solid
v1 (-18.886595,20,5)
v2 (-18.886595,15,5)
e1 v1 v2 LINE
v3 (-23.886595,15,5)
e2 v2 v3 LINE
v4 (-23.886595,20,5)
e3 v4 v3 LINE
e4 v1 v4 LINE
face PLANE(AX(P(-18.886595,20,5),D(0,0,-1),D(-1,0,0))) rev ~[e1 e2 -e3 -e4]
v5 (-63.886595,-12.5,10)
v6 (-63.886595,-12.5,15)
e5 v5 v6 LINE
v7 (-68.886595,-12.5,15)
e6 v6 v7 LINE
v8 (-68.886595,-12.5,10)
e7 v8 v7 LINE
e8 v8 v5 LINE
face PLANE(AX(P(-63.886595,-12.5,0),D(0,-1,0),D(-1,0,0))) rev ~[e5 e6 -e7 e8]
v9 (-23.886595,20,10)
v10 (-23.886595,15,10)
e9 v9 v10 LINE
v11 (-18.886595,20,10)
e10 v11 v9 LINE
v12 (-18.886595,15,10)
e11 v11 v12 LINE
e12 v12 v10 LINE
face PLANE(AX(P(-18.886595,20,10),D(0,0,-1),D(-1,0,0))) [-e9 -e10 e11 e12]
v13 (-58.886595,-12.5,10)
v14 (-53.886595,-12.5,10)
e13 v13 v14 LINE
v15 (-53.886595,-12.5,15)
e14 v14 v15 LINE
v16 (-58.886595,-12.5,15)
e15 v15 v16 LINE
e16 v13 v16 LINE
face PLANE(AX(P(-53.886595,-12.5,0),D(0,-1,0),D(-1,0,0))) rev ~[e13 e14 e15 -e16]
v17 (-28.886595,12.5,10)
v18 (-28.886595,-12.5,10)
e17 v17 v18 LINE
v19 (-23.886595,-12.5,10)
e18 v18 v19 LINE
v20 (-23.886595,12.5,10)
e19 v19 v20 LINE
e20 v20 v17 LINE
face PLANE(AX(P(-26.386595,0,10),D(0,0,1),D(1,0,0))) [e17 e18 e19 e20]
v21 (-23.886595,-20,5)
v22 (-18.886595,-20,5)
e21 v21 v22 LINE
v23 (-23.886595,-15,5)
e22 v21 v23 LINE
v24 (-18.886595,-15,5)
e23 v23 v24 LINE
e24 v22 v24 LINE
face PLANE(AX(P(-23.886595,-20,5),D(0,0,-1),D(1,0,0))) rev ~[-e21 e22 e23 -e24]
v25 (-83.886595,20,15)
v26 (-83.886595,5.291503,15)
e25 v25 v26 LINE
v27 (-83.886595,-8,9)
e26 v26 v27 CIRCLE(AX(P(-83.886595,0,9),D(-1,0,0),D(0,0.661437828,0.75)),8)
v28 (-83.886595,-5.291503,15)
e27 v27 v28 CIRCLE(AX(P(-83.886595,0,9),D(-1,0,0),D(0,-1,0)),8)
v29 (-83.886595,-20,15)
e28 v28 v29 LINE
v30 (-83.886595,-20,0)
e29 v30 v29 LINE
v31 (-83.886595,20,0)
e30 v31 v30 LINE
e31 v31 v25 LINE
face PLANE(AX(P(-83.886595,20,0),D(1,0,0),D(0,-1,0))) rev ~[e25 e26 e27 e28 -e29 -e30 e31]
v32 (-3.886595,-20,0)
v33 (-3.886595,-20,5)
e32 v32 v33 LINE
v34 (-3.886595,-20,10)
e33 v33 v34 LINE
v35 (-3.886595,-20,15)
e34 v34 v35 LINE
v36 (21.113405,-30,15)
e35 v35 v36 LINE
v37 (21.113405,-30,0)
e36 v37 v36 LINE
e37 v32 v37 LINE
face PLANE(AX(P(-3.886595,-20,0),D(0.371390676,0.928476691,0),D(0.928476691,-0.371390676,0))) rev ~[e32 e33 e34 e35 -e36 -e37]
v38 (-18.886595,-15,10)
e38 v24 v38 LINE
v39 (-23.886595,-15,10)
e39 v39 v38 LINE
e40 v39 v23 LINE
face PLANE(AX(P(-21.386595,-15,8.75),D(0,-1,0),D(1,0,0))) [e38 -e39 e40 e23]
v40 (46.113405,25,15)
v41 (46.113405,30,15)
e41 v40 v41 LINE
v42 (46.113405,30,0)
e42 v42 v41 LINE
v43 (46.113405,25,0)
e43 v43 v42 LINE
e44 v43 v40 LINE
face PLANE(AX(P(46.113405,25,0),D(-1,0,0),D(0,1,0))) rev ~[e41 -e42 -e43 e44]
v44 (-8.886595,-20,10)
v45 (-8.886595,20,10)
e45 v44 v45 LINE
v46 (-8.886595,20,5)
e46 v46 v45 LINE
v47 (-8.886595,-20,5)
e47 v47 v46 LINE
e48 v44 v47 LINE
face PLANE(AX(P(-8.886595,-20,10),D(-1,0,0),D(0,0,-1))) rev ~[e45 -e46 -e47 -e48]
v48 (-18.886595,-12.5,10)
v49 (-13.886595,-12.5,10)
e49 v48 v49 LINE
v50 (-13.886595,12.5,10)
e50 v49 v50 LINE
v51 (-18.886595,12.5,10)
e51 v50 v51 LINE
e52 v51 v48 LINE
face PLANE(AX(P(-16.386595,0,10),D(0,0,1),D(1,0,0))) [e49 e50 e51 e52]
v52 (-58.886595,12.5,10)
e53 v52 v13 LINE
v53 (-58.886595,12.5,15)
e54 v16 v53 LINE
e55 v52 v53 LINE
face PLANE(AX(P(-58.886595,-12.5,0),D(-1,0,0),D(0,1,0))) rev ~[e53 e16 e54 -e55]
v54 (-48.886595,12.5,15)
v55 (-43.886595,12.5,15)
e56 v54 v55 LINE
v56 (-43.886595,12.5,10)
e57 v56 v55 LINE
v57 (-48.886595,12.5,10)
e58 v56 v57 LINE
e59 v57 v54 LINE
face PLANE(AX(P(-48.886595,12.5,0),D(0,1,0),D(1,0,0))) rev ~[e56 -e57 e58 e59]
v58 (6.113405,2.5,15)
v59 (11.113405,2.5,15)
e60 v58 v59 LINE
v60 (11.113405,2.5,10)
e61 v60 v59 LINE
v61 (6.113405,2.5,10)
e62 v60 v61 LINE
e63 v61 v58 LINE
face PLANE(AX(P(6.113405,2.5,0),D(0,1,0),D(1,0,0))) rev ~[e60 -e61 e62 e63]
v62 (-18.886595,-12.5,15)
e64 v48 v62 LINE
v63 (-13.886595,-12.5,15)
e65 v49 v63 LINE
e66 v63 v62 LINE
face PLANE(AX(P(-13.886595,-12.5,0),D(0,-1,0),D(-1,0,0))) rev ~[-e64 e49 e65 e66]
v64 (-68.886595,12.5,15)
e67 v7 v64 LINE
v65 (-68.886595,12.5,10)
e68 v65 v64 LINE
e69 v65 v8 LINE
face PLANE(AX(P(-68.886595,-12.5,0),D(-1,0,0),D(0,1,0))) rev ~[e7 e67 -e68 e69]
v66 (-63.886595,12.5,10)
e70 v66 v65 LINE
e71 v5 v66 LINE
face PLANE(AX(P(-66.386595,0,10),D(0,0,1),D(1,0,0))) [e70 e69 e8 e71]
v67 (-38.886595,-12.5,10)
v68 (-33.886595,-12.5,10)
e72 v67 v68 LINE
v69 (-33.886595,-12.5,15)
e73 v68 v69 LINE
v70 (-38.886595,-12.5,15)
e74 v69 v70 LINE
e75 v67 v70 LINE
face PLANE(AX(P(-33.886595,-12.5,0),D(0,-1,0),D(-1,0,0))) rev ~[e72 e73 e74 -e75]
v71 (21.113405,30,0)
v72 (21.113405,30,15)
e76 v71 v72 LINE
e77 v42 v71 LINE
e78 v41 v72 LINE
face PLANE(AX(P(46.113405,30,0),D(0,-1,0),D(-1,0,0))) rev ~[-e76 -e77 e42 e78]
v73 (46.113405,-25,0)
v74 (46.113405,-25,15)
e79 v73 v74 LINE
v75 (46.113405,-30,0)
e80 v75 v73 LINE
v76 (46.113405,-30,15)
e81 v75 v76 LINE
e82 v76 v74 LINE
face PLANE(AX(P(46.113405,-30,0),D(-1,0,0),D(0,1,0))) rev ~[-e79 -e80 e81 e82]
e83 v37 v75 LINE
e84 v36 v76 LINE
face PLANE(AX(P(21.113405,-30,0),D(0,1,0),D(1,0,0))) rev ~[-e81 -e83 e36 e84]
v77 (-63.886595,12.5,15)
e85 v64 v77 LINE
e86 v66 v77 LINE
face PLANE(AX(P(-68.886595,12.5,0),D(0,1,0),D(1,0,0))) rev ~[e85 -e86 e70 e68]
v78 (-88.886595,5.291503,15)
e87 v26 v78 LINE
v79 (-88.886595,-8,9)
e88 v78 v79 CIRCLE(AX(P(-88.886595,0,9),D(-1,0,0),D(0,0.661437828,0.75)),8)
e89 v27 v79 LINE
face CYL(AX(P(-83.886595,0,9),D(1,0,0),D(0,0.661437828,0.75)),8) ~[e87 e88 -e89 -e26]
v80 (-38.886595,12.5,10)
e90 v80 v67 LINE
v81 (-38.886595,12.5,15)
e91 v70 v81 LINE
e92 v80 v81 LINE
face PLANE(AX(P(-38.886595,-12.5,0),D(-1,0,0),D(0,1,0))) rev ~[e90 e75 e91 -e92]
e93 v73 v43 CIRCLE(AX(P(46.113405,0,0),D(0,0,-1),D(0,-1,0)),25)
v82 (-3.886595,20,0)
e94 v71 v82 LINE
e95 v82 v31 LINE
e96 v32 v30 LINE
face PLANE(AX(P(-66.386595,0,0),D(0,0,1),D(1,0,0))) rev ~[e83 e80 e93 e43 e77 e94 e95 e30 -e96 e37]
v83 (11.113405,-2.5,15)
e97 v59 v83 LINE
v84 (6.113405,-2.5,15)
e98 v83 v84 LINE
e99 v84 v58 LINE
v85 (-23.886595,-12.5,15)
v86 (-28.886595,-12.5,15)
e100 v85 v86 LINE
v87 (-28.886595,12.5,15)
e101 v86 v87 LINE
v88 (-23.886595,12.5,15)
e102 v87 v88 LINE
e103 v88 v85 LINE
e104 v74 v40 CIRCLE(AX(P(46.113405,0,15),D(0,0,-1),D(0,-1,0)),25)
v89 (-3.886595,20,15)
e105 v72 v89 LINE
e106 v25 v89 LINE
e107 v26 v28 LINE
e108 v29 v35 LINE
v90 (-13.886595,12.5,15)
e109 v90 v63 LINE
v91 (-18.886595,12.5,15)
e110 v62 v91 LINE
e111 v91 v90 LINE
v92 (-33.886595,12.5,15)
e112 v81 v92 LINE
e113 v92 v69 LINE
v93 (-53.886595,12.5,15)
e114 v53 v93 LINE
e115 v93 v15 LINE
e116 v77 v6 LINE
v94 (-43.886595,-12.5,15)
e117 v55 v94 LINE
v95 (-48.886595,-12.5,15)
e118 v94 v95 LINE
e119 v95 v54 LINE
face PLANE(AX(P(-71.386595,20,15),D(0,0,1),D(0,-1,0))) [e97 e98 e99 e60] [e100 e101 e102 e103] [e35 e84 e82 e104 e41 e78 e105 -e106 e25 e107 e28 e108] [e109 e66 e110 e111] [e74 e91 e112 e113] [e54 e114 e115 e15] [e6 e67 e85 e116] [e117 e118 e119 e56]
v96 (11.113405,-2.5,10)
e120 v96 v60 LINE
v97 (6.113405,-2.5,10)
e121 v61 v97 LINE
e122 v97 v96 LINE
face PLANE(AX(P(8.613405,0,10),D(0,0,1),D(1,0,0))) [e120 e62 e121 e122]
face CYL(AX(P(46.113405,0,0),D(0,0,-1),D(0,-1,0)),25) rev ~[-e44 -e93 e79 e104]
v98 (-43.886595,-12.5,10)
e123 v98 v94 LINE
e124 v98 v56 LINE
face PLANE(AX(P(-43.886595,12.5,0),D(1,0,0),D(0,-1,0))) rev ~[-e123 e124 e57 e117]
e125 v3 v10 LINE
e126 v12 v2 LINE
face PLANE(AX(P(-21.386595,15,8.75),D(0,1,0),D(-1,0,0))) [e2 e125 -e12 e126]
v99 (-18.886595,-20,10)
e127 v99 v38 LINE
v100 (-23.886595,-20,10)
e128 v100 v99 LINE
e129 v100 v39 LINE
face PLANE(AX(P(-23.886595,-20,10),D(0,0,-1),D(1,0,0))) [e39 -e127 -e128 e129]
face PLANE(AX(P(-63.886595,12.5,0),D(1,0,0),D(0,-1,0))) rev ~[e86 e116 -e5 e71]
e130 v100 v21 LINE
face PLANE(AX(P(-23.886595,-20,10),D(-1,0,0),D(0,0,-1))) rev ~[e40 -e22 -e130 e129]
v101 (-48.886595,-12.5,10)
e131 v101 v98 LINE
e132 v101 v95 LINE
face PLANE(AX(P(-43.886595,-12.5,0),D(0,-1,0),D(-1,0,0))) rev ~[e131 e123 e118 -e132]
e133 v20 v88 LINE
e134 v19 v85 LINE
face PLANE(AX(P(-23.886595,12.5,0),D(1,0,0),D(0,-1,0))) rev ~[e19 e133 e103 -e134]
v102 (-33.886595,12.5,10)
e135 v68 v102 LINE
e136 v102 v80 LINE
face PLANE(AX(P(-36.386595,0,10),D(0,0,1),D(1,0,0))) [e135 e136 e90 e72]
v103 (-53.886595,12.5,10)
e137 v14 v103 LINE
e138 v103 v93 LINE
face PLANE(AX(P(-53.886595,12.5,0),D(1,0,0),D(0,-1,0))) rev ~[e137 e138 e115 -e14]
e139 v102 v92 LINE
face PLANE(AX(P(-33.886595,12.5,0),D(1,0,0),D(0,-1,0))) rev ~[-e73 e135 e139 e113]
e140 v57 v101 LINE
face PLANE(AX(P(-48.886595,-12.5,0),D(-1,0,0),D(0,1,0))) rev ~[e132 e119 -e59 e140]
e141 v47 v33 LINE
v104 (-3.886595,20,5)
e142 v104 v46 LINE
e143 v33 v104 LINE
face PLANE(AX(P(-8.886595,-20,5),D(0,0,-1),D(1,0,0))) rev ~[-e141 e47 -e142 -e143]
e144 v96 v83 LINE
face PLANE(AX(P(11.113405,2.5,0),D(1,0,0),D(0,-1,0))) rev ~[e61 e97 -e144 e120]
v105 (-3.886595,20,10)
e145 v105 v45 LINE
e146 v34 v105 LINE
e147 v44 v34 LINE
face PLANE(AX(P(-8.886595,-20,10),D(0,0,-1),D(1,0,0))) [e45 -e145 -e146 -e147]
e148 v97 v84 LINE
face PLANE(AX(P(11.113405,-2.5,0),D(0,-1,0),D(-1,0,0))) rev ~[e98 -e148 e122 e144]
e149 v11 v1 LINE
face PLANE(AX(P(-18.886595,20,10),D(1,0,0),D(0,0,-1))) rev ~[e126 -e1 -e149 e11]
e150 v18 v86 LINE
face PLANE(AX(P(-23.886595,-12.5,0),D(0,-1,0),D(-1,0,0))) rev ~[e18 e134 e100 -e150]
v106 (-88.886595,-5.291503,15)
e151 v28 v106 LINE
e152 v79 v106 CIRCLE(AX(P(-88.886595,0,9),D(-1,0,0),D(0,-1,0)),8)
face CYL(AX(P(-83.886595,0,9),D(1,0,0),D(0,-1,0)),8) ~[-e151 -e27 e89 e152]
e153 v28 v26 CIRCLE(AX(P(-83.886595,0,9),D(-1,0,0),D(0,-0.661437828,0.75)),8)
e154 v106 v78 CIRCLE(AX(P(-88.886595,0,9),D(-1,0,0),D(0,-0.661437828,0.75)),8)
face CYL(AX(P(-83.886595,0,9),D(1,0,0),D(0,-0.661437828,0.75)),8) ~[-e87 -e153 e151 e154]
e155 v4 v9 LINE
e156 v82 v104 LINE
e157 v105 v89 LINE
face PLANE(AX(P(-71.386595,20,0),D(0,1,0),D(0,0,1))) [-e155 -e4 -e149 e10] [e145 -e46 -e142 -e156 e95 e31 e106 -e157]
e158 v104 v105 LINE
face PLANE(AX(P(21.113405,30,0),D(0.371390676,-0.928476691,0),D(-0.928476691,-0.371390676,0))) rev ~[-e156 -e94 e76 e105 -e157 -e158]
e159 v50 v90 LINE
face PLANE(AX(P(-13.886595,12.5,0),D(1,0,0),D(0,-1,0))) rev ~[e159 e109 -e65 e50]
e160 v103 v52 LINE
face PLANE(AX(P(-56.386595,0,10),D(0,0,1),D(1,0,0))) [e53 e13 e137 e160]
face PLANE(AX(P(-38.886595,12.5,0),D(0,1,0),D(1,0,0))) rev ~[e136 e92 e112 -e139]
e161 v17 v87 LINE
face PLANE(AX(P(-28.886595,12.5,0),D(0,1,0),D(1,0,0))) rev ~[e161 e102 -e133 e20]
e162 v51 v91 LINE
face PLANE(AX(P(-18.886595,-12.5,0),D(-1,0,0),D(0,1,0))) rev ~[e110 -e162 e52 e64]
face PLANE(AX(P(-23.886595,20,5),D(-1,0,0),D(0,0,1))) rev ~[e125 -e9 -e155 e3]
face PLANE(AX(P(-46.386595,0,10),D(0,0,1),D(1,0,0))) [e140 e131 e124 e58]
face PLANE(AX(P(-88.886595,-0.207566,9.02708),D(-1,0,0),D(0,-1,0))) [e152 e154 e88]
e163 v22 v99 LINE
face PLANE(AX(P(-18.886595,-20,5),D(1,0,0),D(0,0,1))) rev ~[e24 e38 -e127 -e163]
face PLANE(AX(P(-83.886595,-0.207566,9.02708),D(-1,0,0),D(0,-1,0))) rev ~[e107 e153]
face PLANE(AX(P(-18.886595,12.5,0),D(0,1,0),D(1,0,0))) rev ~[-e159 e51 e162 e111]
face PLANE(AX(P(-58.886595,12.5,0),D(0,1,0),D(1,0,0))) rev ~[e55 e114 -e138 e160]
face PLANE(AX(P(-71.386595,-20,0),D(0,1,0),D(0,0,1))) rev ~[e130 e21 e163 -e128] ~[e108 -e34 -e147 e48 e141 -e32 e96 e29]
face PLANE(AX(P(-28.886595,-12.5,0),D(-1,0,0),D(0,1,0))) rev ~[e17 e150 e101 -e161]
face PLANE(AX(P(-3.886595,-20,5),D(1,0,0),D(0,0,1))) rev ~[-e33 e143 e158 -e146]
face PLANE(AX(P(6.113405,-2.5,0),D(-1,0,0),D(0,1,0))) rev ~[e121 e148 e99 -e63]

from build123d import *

# Parameters (mm, degrees)
F1_DEPTH  = 15
F2_DEPTH  = 12.5
F4_DEPTH  = 5
F5_W      = 5
F5_H      = 2.5
F6_DEPTH  = 50
F7_W      = 5
F7_H      = 2.5
F8_DEPTH  = 5
F9_W      = 5
F9_H      = 2.5
F10_DEPTH = 5
F11_DEPTH = 10


with BuildPart() as f1:
    # F0 (on Top) → F1 (new body)
    with BuildSketch(Plane.XY):
        with BuildLine():
            ThreePointArc((46.1134053767, -25), (21.1134053767, 0), (46.1134053767, 25))
            Line((46.1134053767, 25), (46.1134053767, 30))
            Line((46.1134053767, 30), (21.1134053767, 30))
            Line((21.1134053767, 30), (-3.8865946233, 20))
            Line((-3.8865946233, 20), (-71.3865946233, 20))
            Line((-71.3865946233, 20), (-71.3865946233, -20))
            Line((-71.3865946233, -20), (-3.8865946233, -20))
            Line((-3.8865946233, -20), (21.1134053767, -30))
            Line((21.1134053767, -30), (46.1134053767, -30))
            Line((46.1134053767, -30), (46.1134053767, -25))
        make_face()
        Polygon((-63.8865946233, 12.5), (-63.8865946233, 0), (-63.8865946233, -12.5), (-68.8865946233, -12.5), (-68.8865946233, 12.5), align=None, mode=Mode.SUBTRACT)
        Polygon((-53.8865946233, 12.5), (-53.8865946233, 0), (-53.8865946233, -12.5), (-58.8865946233, -12.5), (-58.8865946233, 12.5), align=None, mode=Mode.SUBTRACT)
        Polygon((-43.8865946233, 12.5), (-43.8865946233, 0), (-43.8865946233, -12.5), (-48.8865946233, -12.5), (-48.8865946233, 12.5), align=None, mode=Mode.SUBTRACT)
        Polygon((-33.8865946233, 12.5), (-33.8865946233, 0), (-33.8865946233, -12.5), (-38.8865946233, -12.5), (-38.8865946233, 12.5), align=None, mode=Mode.SUBTRACT)
        Polygon((-23.8865946233, 12.5), (-23.8865946233, 0), (-23.8865946233, -12.5), (-28.8865946233, -12.5), (-28.8865946233, 12.5), align=None, mode=Mode.SUBTRACT)
        Polygon((-13.8865946233, 12.5), (-13.8865946233, 0), (-13.8865946233, -12.5), (-18.8865946233, -12.5), (-18.8865946233, 12.5), align=None, mode=Mode.SUBTRACT)
        Polygon((11.1134053767, 2.5), (11.1134053767, 0), (11.1134053767, -2.5), (6.1134053767, -2.5), (6.1134053767, 2.5), align=None, mode=Mode.SUBTRACT)
    extrude(amount=F1_DEPTH)

    # F2 (add): a face of the model
    f2_faces = [f1.faces().sort_by_distance(p)[0] for p in [
        (-71.3865946233, 0, 7.5),
    ]]
    extrude(f2_faces, amount=F2_DEPTH)

    # F3 (on face) → F4 (join)
    with BuildSketch(Plane(origin=(-83.8865946233, 0, 0), x_dir=(0, -1, 0), z_dir=(-1, 0, 0))):
        with BuildLine():
            ThreePointArc((-5.2915026221, 15), (-3.2915026221, 1.7084973779), (8, 9))
            ThreePointArc((8, 9), (7.2915026221, 12.2915026221), (5.2915026221, 15))
            Line((5.2915026221, 15), (-5.2915026221, 15))
        make_face()
        with BuildLine():
            Line((-5.2915026221, 15), (5.2915026221, 15))
            ThreePointArc((5.2915026221, 15), (0, 17), (-5.2915026221, 15))
        make_face()
    extrude(amount=F4_DEPTH)

    # F5 (on face) → F6 (cut)
    with BuildSketch(Plane.XZ.offset(20)):
        with Locations((-6.3865946233, 6.25)):
            Rectangle(F5_W, F5_H)
        with Locations((-6.3865946233, 8.75)):
            Rectangle(F5_W, F5_H)
    extrude(amount=-F6_DEPTH, mode=Mode.SUBTRACT)

    # F7 (on face) → F8 (cut)
    with BuildSketch(Plane.XZ.offset(20)):
        with Locations((-21.3865946233, 8.75)):
            Rectangle(F7_W, F7_H)
        with Locations((-21.3865946233, 6.25)):
            Rectangle(F7_W, F7_H)
    extrude(amount=-F8_DEPTH, mode=Mode.SUBTRACT)

    # F9 (on face) → F10 (cut)
    with BuildSketch(Plane(origin=(0, 20, 0), x_dir=(-1, 0, 0), z_dir=(0, 1, 0))):
        with Locations((21.3865946233, 8.75)):
            Rectangle(F9_W, F9_H)
        with Locations((21.3865946233, 6.25)):
            Rectangle(F9_W, F9_H)
    extrude(amount=-F10_DEPTH, mode=Mode.SUBTRACT)

    # F0 (on Top) → F11 (join)
    with BuildSketch(Plane.XY):
        Polygon((-63.8865946233, -12.5), (-63.8865946233, 0), (-63.8865946233, 12.5), (-68.8865946233, 12.5), (-68.8865946233, -12.5), align=None)
        Polygon((-53.8865946233, -12.5), (-53.8865946233, 0), (-53.8865946233, 12.5), (-58.8865946233, 12.5), (-58.8865946233, -12.5), align=None)
        Polygon((-43.8865946233, -12.5), (-43.8865946233, 0), (-43.8865946233, 12.5), (-48.8865946233, 12.5), (-48.8865946233, -12.5), align=None)
        Polygon((-33.8865946233, -12.5), (-33.8865946233, 0), (-33.8865946233, 12.5), (-38.8865946233, 12.5), (-38.8865946233, -12.5), align=None)
        Polygon((-23.8865946233, -12.5), (-23.8865946233, 0), (-23.8865946233, 12.5), (-28.8865946233, 12.5), (-28.8865946233, -12.5), align=None)
        Polygon((-13.8865946233, -12.5), (-13.8865946233, 0), (-13.8865946233, 12.5), (-18.8865946233, 12.5), (-18.8865946233, -12.5), align=None)
        Polygon((11.1134053767, -2.5), (11.1134053767, 0), (11.1134053767, 2.5), (6.1134053767, 2.5), (6.1134053767, -2.5), align=None)
    extrude(amount=F11_DEPTH)


solid = f1.part
